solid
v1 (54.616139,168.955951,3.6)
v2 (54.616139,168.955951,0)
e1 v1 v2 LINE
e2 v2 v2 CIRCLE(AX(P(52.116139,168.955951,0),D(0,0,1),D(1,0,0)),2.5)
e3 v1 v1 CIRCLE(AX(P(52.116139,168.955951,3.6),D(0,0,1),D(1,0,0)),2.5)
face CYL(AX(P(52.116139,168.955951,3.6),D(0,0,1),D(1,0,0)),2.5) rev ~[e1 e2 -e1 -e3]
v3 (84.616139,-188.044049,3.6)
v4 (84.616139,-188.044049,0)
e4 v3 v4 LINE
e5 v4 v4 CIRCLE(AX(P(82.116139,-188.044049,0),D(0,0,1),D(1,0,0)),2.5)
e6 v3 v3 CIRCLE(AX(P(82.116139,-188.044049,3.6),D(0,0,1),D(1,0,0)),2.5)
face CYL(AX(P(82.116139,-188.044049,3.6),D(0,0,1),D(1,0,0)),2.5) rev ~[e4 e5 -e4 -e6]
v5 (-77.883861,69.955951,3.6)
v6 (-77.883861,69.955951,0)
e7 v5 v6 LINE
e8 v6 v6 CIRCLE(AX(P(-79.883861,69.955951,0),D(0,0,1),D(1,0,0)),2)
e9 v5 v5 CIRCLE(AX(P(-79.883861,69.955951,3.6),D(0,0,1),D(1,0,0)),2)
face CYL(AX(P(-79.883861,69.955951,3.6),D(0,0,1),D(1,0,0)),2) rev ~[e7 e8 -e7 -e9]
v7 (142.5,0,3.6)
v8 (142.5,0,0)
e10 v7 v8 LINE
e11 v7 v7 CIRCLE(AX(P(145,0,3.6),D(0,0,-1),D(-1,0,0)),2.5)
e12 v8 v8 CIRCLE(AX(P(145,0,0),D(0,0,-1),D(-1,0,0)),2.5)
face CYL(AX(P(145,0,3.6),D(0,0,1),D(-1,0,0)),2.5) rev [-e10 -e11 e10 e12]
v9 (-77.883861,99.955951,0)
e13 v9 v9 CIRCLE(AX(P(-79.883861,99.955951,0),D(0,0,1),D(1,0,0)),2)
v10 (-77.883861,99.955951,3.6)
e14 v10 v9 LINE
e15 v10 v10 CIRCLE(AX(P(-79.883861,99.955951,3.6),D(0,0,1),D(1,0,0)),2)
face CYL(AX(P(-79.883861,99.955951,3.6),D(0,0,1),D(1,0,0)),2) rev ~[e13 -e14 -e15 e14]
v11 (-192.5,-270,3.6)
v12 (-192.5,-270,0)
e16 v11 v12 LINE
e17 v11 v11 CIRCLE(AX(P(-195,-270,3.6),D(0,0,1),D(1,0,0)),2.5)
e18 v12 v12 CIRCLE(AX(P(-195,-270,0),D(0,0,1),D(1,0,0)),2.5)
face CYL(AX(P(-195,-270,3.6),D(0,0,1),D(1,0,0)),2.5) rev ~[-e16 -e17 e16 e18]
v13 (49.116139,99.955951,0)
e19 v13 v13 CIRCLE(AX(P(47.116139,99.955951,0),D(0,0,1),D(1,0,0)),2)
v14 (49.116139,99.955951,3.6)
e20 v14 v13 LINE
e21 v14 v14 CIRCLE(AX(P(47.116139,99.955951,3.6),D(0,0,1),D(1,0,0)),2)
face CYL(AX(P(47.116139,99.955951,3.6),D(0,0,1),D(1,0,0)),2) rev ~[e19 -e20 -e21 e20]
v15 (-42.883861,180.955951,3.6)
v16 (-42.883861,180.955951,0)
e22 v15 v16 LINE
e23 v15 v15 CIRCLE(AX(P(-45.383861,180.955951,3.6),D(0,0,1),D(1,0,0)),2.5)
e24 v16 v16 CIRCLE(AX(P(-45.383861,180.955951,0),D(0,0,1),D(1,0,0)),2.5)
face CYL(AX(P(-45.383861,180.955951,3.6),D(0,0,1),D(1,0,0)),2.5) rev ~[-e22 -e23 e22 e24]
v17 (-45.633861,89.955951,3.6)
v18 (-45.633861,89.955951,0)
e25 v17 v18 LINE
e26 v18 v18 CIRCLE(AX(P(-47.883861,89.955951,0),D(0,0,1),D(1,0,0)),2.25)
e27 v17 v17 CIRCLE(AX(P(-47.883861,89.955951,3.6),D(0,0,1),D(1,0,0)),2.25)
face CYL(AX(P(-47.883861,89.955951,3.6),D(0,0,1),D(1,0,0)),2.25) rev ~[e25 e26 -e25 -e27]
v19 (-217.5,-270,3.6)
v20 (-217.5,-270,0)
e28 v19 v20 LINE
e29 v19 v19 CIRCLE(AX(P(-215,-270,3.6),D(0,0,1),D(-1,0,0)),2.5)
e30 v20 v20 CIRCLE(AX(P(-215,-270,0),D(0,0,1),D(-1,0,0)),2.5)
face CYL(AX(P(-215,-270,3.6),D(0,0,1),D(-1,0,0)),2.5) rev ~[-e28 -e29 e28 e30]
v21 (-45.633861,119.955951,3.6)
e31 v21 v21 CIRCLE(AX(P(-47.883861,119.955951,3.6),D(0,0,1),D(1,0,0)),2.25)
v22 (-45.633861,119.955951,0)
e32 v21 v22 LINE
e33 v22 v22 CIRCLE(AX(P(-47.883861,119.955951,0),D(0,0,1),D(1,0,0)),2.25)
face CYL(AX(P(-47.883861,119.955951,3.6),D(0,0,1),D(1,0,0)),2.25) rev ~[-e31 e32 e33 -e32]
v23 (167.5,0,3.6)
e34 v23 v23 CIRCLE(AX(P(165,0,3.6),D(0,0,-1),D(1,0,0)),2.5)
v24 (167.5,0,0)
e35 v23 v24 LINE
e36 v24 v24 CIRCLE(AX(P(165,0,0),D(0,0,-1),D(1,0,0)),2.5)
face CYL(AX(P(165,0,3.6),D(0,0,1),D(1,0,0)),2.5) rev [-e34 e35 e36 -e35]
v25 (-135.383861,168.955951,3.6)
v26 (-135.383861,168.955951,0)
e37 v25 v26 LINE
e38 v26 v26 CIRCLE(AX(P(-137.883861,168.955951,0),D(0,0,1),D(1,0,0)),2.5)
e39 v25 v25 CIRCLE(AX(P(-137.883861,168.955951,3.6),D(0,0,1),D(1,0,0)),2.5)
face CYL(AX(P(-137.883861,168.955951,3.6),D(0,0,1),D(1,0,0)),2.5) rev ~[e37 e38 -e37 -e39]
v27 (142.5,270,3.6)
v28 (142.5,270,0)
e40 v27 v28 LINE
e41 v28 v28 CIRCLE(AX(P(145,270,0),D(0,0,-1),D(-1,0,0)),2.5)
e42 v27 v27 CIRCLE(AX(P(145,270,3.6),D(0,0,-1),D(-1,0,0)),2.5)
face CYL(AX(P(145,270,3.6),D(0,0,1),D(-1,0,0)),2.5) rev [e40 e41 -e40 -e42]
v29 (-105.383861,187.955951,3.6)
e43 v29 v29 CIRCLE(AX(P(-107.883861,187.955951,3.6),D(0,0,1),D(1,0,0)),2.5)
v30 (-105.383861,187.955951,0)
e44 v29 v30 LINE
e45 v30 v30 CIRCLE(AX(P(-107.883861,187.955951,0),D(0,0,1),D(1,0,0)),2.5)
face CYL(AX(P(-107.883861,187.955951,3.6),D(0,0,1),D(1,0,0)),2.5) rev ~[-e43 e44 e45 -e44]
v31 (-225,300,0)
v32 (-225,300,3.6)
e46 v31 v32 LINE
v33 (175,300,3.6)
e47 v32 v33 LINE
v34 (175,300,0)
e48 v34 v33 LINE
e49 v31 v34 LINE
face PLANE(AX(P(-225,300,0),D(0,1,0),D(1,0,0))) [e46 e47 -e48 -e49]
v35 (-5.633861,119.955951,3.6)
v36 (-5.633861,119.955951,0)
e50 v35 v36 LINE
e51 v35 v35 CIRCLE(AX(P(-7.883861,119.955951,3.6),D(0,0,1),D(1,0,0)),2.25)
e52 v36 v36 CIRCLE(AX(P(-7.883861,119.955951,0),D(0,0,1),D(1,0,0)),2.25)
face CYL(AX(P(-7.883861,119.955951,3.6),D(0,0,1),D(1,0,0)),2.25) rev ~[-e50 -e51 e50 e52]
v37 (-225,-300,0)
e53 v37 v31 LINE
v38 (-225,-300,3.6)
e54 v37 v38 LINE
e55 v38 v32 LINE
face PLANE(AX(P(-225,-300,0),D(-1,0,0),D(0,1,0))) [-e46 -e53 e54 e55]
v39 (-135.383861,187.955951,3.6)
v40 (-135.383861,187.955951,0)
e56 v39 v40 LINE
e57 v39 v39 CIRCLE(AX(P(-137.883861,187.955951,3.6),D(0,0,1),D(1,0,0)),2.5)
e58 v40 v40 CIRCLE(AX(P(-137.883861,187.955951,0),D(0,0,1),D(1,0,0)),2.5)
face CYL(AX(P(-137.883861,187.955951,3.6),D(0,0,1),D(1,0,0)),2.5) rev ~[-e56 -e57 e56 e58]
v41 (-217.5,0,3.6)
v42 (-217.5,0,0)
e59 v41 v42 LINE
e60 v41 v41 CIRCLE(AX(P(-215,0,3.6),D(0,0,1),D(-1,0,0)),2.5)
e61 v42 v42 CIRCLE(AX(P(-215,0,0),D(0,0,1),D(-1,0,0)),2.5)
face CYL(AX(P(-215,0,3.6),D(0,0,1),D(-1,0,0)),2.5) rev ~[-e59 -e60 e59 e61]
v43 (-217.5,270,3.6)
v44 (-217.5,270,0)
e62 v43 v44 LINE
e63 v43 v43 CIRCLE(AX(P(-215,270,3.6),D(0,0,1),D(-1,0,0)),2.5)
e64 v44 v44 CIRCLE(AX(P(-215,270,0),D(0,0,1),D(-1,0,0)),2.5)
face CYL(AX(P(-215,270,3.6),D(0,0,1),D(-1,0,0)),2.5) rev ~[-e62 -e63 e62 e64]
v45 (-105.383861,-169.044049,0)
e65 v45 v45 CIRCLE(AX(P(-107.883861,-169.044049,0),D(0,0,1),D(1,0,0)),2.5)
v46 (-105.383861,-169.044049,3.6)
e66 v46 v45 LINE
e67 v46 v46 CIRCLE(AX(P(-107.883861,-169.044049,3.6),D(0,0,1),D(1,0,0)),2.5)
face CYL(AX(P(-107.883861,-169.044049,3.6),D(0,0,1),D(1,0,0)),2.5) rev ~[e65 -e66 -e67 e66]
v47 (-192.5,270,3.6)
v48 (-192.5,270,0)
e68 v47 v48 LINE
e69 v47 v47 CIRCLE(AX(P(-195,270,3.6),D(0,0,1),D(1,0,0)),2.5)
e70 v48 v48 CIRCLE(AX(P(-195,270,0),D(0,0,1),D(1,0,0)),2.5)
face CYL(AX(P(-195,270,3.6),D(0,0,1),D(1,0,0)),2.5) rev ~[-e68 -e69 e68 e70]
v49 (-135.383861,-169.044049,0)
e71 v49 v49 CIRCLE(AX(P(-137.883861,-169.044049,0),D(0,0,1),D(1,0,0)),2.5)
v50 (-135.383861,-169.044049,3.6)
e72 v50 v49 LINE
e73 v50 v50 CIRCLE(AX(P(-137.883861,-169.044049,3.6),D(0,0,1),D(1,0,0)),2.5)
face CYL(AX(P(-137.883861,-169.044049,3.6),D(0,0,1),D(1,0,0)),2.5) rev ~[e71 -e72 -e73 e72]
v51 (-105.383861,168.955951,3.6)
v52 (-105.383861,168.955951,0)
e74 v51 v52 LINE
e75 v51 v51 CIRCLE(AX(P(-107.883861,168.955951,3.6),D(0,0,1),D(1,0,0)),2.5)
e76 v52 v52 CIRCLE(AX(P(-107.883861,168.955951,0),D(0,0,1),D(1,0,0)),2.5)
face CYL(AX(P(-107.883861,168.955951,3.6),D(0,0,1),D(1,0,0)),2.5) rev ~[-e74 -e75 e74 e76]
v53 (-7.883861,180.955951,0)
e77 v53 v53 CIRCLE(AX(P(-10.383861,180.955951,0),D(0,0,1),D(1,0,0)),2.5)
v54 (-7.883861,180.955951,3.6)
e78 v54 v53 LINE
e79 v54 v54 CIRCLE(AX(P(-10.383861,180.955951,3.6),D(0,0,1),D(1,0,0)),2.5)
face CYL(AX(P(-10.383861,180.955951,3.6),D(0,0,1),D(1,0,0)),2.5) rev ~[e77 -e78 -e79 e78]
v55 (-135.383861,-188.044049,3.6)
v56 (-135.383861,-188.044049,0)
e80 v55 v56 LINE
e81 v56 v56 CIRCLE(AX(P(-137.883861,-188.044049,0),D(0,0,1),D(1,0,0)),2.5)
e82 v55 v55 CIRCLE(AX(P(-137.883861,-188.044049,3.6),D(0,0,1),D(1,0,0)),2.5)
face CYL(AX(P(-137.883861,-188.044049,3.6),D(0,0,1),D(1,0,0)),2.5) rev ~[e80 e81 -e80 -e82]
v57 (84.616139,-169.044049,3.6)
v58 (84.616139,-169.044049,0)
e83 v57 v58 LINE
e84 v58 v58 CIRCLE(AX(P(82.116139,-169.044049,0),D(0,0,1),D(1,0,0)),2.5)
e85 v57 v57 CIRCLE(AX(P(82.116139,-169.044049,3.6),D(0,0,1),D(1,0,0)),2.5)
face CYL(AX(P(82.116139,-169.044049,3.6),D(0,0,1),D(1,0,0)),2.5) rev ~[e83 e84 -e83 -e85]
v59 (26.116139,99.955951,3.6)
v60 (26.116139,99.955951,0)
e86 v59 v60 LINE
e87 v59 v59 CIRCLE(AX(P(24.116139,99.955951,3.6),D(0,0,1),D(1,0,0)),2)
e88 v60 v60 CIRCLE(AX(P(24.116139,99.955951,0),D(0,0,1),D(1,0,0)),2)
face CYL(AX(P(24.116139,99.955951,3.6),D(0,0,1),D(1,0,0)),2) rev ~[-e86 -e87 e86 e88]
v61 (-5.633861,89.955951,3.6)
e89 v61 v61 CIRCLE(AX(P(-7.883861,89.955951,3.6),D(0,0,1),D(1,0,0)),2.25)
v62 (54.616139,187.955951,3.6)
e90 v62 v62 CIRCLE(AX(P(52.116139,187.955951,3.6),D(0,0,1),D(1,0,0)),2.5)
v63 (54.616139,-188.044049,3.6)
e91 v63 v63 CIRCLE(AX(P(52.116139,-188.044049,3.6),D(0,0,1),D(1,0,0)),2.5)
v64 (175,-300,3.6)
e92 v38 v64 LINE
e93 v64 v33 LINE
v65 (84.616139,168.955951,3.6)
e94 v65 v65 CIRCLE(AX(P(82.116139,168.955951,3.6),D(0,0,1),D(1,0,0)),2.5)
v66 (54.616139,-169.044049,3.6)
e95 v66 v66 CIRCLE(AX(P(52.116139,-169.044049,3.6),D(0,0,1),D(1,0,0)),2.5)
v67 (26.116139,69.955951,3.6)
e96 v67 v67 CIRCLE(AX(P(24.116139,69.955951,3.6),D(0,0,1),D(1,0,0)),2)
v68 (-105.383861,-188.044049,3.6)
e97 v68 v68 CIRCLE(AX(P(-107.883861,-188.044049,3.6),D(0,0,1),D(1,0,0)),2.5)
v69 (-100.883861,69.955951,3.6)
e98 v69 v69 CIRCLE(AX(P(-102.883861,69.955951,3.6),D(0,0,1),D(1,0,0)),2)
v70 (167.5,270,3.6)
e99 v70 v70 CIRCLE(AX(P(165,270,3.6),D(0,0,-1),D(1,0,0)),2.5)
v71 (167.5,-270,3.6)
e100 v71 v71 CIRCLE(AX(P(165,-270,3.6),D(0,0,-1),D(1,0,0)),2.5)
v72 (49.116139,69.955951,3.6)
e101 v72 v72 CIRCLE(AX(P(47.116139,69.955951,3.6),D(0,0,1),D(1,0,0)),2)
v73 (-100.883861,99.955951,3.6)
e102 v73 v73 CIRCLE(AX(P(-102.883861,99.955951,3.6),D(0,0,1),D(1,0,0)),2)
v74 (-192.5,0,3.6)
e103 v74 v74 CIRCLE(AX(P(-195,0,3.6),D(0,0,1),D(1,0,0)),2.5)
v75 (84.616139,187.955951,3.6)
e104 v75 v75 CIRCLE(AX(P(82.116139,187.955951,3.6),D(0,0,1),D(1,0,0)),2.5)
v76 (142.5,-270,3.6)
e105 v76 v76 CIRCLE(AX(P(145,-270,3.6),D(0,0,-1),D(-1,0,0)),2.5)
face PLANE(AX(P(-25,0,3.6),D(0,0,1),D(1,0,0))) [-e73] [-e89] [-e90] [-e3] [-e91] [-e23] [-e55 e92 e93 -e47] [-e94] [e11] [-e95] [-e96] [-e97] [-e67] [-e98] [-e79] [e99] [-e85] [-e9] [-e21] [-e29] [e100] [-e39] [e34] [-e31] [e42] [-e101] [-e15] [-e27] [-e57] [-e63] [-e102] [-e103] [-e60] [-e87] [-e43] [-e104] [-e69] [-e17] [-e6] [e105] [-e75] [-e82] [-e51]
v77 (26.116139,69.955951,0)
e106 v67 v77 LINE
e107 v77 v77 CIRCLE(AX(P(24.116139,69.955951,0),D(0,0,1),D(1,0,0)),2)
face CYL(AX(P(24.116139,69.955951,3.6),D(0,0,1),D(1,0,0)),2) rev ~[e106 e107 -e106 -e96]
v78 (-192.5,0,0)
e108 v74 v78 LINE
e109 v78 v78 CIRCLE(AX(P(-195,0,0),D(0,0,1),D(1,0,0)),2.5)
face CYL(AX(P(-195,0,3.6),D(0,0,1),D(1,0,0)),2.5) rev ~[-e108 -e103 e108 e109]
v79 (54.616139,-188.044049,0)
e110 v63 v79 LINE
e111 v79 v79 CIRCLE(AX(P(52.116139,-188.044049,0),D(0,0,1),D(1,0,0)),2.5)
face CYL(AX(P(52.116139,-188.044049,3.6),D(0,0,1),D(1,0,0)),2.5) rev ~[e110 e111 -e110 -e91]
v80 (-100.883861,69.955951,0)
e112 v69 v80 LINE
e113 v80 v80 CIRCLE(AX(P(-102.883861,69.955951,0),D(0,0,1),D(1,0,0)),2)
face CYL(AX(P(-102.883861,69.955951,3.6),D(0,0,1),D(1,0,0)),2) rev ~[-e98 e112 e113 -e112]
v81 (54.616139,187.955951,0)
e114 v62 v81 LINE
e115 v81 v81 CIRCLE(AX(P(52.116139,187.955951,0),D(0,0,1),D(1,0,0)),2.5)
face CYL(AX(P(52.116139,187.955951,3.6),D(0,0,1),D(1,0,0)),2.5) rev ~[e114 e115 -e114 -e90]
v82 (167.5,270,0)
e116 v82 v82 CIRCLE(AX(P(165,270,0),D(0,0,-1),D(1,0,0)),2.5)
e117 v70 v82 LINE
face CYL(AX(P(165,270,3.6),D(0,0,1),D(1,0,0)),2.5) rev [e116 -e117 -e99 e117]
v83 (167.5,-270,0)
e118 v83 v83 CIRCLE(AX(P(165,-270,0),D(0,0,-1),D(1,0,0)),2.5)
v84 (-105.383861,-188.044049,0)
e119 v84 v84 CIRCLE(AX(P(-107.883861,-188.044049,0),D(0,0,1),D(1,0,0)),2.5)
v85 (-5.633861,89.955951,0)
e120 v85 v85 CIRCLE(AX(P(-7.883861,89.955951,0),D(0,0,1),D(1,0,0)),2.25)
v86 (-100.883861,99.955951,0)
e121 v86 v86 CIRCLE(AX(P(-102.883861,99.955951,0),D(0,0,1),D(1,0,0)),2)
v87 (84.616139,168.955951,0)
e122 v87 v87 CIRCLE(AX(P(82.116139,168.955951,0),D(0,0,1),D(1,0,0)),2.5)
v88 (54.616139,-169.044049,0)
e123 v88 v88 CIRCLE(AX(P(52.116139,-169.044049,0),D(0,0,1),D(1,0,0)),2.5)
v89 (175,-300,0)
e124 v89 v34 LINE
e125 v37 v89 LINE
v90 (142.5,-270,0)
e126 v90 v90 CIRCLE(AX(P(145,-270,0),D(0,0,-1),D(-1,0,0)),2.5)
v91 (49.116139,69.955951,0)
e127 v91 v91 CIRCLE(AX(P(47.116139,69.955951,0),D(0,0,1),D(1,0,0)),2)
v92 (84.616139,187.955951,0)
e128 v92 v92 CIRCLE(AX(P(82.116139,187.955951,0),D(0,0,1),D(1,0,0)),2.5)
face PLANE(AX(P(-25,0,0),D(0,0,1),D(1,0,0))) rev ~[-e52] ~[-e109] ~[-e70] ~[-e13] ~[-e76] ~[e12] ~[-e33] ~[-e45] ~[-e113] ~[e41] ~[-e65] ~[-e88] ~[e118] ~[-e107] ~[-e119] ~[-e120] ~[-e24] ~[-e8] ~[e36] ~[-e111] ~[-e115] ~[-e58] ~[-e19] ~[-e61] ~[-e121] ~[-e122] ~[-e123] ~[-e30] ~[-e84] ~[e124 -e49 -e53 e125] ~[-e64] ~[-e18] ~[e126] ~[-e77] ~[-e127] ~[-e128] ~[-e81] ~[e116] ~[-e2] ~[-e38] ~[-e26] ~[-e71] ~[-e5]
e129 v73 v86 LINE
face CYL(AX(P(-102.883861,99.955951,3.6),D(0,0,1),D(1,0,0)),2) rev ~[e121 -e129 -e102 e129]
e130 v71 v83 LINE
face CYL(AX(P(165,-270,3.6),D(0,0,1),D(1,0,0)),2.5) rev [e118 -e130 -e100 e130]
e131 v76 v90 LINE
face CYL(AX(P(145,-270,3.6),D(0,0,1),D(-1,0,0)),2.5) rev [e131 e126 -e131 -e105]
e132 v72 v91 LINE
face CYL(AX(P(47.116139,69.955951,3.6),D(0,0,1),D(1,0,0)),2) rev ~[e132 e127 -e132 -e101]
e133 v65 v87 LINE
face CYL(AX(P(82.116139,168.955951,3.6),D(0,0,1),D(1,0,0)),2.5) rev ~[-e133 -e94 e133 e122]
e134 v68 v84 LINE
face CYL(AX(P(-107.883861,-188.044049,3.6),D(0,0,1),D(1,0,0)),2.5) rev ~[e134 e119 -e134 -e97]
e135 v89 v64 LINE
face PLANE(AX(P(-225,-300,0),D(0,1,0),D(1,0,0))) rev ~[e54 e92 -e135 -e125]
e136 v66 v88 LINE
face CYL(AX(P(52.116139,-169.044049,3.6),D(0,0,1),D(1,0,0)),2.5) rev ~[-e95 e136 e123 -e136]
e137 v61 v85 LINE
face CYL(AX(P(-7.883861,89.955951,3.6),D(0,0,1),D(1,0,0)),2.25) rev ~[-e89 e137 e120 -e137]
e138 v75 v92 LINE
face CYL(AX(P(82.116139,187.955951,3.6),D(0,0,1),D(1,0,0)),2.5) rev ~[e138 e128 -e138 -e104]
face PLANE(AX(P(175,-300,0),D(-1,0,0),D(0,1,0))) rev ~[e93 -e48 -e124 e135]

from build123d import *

# Parameters (mm, degrees)
SKETCH_1_W          = 400
SKETCH_1_H          = 600
EXTRUDE_1_DEPTH     = 3.6
SKETCH_4_R          = 2.5
CUT_EXTRUDE_3_DEPTH = 3.6
SKETCH_5_R          = 2
CUT_EXTRUDE_4_DEPTH = 10
SKETCH_6_R          = 2
CUT_EXTRUDE_5_DEPTH = 10
SKETCH_7_R          = 2.5
CUT_EXTRUDE_6_DEPTH = 10
SKETCH_8_R          = 2.25
CUT_EXTRUDE_7_DEPTH = 376.017279602
SKETCH_9_R          = 2.5
CUT_EXTRUDE_8_DEPTH = 376.017279602


with BuildPart() as part:
    # 草图1 → 凸台-拉伸1 (new body)
    with BuildSketch(Plane.XY):
        with Locations((-25, 0)):
            Rectangle(SKETCH_1_W, SKETCH_1_H)
    extrude(amount=EXTRUDE_1_DEPTH)

    # 草图4 → 切除-拉伸3 (cut)
    with BuildSketch(Plane.XY.offset(3.6)):
        with Locations((-195, 270)):
            Circle(SKETCH_4_R)
        with Locations((-195, -270)):
            Circle(SKETCH_4_R)
        with Locations((-195, 0)):
            Circle(SKETCH_4_R)
        with Locations(Location((-215, -270, 0), (0, 0, 180))):
            Circle(SKETCH_4_R)
        with Locations(Location((-215, 0, 0), (0, 0, 180))):
            Circle(SKETCH_4_R)
        with Locations(Location((-215, 270, 0), (0, 0, 180))):
            Circle(SKETCH_4_R)
    cut_extrude_3 = extrude(amount=-CUT_EXTRUDE_3_DEPTH, mode=Mode.SUBTRACT)

    # 草图5 → 切除-拉伸4 (cut)
    with BuildSketch(Plane.XY.offset(3.6)):
        with Locations((-102.883860642, 69.955951215)):
            Circle(SKETCH_5_R)
        with Locations((-102.883860642, 99.955951215)):
            Circle(SKETCH_5_R)
        with Locations((-79.883860642, 69.955951215)):
            Circle(SKETCH_5_R)
        with Locations((-79.883860642, 99.955951215)):
            Circle(SKETCH_5_R)
    extrude(amount=-CUT_EXTRUDE_4_DEPTH, mode=Mode.SUBTRACT)

    # 草图6 → 切除-拉伸5 (cut)
    with BuildSketch(Plane.XY.offset(3.6)):
        with Locations((24.116139358, 69.955951215)):
            Circle(SKETCH_6_R)
        with Locations((24.116139358, 99.955951215)):
            Circle(SKETCH_6_R)
        with Locations((47.116139358, 69.955951215)):
            Circle(SKETCH_6_R)
        with Locations((47.116139358, 99.955951215)):
            Circle(SKETCH_6_R)
    extrude(amount=-CUT_EXTRUDE_5_DEPTH, mode=Mode.SUBTRACT)

    # 草图7 → 切除-拉伸6 (cut)
    with BuildSketch(Plane.XY.offset(3.6)):
        with Locations((-45.383860642, 180.955951215)):
            Circle(SKETCH_7_R)
        with Locations((-10.383860642, 180.955951215)):
            Circle(SKETCH_7_R)
    extrude(amount=-CUT_EXTRUDE_6_DEPTH, mode=Mode.SUBTRACT)

    # 草图8 → 切除-拉伸7 (cut, through all)
    with BuildSketch(Plane.XY.offset(3.6)):
        with Locations((-47.883860642, 89.955951215)):
            Circle(SKETCH_8_R)
        with Locations((-47.883860642, 119.955951215)):
            Circle(SKETCH_8_R)
        with Locations((-7.883860642, 89.955951215)):
            Circle(SKETCH_8_R)
        with Locations((-7.883860642, 119.955951215)):
            Circle(SKETCH_8_R)
    extrude(amount=-CUT_EXTRUDE_7_DEPTH, mode=Mode.SUBTRACT)

    # 草图9 → 切除-拉伸8 (cut, through all)
    with BuildSketch(Plane.XY.offset(3.6)):
        with Locations((-137.883860642, -188.044048785)):
            Circle(SKETCH_9_R)
        with Locations((-137.883860642, -169.044048785)):
            Circle(SKETCH_9_R)
        with Locations((-107.883860642, -188.044048785)):
            Circle(SKETCH_9_R)
        with Locations((-107.883860642, -169.044048785)):
            Circle(SKETCH_9_R)
        with Locations((52.116139358, -188.044048785)):
            Circle(SKETCH_9_R)
        with Locations((52.116139358, -169.044048785)):
            Circle(SKETCH_9_R)
        with Locations((82.116139358, -169.044048785)):
            Circle(SKETCH_9_R)
        with Locations((82.116139358, -188.044048785)):
            Circle(SKETCH_9_R)
        with Locations((82.116139358, 168.955951215)):
            Circle(SKETCH_9_R)
        with Locations((82.116139358, 187.955951215)):
            Circle(SKETCH_9_R)
        with Locations((52.116139358, 168.955951215)):
            Circle(SKETCH_9_R)
        with Locations((52.116139358, 187.955951215)):
            Circle(SKETCH_9_R)
        with Locations((-107.883860642, 168.955951215)):
            Circle(SKETCH_9_R)
        with Locations((-107.883860642, 187.955951215)):
            Circle(SKETCH_9_R)
        with Locations((-137.883860642, 168.955951215)):
            Circle(SKETCH_9_R)
        with Locations((-137.883860642, 187.955951215)):
            Circle(SKETCH_9_R)
    extrude(amount=-CUT_EXTRUDE_8_DEPTH, mode=Mode.SUBTRACT)

    # 镜向1: 切除-拉伸3 across plane
    add(cut_extrude_3.mirror(Plane.ZY.offset(25)), mode=Mode.SUBTRACT)


solid = part.part
